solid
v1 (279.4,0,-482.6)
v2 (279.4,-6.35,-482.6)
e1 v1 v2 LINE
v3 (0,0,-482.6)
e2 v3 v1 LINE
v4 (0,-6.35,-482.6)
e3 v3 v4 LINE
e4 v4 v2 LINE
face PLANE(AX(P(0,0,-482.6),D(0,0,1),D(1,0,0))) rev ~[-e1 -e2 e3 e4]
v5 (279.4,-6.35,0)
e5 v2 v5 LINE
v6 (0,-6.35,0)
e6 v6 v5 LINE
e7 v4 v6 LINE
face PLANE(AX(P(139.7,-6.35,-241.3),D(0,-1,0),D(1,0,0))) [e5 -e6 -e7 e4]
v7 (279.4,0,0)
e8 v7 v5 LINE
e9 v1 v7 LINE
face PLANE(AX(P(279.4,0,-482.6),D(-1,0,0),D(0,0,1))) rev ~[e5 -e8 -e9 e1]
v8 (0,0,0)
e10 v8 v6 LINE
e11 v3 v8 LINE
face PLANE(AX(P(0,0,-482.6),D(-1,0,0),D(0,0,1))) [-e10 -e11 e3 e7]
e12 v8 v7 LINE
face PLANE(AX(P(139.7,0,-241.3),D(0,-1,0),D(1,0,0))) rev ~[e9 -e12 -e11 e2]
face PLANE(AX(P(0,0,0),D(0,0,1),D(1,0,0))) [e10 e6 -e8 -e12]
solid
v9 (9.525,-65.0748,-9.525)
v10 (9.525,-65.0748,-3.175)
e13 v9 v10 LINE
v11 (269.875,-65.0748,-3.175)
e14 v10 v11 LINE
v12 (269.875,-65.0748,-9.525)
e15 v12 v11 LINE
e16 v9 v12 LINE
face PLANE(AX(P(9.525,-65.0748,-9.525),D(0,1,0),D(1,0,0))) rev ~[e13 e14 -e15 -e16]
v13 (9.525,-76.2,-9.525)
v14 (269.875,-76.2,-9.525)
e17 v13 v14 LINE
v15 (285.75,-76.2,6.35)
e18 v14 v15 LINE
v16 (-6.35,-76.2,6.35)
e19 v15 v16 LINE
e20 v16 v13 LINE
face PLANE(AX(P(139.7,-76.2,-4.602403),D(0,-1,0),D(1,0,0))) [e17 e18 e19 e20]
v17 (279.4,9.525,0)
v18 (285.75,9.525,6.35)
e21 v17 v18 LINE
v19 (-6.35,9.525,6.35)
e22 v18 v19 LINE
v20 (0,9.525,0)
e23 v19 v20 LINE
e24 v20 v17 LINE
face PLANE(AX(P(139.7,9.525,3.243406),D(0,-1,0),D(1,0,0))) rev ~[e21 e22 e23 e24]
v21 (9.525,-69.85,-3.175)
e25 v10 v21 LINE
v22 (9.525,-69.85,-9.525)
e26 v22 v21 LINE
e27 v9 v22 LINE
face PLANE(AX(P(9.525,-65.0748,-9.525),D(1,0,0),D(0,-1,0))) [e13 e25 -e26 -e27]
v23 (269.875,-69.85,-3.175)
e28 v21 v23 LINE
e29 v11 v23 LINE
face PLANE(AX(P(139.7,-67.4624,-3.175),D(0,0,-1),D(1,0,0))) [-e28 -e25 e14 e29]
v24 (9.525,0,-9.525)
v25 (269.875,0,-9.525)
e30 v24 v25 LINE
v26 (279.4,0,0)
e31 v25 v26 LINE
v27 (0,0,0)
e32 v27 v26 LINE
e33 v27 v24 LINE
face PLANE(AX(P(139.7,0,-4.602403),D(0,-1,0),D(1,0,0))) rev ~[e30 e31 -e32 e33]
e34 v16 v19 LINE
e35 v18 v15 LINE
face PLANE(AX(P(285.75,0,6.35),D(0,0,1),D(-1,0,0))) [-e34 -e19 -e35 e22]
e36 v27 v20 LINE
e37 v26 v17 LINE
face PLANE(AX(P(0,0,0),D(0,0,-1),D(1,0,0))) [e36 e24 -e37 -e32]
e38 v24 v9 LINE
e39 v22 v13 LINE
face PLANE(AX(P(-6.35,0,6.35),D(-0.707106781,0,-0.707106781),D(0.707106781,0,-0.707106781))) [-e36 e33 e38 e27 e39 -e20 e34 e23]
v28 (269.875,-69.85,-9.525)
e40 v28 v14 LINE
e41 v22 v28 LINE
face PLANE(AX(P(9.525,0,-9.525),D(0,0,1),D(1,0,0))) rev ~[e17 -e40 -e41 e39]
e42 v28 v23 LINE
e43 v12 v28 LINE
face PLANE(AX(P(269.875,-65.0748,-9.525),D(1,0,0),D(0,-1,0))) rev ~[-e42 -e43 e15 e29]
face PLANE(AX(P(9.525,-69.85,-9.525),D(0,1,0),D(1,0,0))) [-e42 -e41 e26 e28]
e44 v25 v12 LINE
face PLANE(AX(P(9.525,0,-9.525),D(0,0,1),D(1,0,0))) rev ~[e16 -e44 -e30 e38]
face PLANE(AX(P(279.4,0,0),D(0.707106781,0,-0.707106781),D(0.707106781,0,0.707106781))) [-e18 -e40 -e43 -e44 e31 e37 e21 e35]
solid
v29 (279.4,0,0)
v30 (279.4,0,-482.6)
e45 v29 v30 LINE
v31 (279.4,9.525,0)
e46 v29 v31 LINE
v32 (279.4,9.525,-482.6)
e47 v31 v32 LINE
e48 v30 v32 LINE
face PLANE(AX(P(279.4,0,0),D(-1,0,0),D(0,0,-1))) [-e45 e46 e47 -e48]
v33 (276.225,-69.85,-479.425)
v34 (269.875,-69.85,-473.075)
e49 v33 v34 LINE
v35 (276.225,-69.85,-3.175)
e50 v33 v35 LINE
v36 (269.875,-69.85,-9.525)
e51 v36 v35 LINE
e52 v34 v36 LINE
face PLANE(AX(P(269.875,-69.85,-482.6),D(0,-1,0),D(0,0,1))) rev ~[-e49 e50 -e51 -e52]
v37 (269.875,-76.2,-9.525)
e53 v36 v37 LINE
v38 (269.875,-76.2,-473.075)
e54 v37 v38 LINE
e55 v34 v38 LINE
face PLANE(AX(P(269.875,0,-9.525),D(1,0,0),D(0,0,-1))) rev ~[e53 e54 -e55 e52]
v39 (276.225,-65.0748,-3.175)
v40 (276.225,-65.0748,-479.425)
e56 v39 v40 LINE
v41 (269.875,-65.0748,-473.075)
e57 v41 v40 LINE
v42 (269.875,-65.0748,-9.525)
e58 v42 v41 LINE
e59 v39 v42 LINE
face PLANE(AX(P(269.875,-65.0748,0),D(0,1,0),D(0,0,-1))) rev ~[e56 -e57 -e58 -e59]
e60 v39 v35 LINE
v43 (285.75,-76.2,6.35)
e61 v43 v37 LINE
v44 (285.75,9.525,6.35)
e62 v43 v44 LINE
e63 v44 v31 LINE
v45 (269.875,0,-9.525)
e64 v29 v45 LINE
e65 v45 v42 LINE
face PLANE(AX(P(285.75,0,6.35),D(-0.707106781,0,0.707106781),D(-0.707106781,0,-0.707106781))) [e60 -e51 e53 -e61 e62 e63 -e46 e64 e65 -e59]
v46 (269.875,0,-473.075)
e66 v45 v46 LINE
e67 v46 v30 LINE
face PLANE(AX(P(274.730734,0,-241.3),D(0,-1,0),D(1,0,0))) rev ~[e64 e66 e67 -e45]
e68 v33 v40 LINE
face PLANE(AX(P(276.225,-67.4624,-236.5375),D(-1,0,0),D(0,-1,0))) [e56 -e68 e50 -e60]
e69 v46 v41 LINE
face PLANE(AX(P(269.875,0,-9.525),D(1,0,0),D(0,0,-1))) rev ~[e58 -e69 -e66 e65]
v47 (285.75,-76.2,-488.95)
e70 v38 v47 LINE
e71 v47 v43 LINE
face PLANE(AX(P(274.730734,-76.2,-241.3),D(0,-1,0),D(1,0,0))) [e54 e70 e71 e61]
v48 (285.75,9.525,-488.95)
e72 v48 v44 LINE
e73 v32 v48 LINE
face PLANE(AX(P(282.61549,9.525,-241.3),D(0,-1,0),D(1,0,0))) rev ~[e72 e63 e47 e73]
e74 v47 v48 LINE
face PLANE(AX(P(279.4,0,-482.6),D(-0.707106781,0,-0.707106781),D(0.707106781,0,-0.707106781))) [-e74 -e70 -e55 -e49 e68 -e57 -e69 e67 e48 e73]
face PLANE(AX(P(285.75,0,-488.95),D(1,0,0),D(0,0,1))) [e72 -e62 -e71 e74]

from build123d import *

# Parameters (mm, degrees)
F0_W      = 279.4
F0_H      = 482.6
F1_DEPTH  = 6.35
F3_DEPTH  = 76.2
F4_DEPTH  = 9.525
F5_W      = 4.7752
F5_H      = 473.075
F5_H_2    = 9.525
F6_DEPTH  = 6.35
F7_DEPTH  = 76.2
F8_DEPTH  = 9.525
F9_W      = 260.35
F9_H      = 4.7752
F10_DEPTH = 6.35


with BuildPart() as f1:
    # F0 (on Front) → F1 (new body)
    with BuildSketch(Plane.XZ):
        with Locations((139.7, -241.3)):
            Rectangle(F0_W, F0_H)
    extrude(amount=F1_DEPTH)


with BuildPart() as f3:
    # F2 (on Front) → F3 (new body)
    with BuildSketch(Plane.XZ):
        Polygon((279.4, 0), (269.875, -9.525), (269.875, -473.075), (279.4, -482.6), align=None)
        Polygon((285.75, 6.35), (279.4, 0), (279.4, -482.6), (285.75, -488.95), align=None)
    extrude(amount=F3_DEPTH)

    # F2 (on Front) → F4 (join)
    with BuildSketch(Plane.XZ):
        Polygon((285.75, 6.35), (279.4, 0), (279.4, -482.6), (285.75, -488.95), align=None)
    extrude(amount=-F4_DEPTH)

    # F5 (on face) → F6 (cut)
    with BuildSketch(Plane(origin=(269.875, 0, 0), x_dir=(0, -1, 0), z_dir=(-1, 0, 0))):
        with Locations((67.4624, -236.5375)):
            Rectangle(F5_W, F5_H)
        with Locations((67.4624, -477.8375)):
            Rectangle(F5_W, F5_H_2)
    extrude(amount=-F6_DEPTH, mode=Mode.SUBTRACT)


with BuildPart() as f7:
    # F2 (on Front) → F7 (new body)
    with BuildSketch(Plane.XZ):
        Polygon((9.525, -9.525), (269.875, -9.525), (279.4, 0), (0, 0), align=None)
        Polygon((0, 0), (279.4, 0), (285.75, 6.35), (-6.35, 6.35), align=None)
    extrude(amount=F7_DEPTH)

    # F2 (on Front) → F8 (join)
    with BuildSketch(Plane.XZ):
        Polygon((0, 0), (279.4, 0), (285.75, 6.35), (-6.35, 6.35), align=None)
    extrude(amount=-F8_DEPTH)

    # F9 (on face) → F10 (cut)
    with BuildSketch(Plane(origin=(0, 0, -9.525), x_dir=(1, 0, 0), z_dir=(0, 0, -1))):
        with Locations((139.7, 67.4624)):
            Rectangle(F9_W, F9_H)
    extrude(amount=-F10_DEPTH, mode=Mode.SUBTRACT)


solid = Compound([f1.part, f3.part, f7.part])
